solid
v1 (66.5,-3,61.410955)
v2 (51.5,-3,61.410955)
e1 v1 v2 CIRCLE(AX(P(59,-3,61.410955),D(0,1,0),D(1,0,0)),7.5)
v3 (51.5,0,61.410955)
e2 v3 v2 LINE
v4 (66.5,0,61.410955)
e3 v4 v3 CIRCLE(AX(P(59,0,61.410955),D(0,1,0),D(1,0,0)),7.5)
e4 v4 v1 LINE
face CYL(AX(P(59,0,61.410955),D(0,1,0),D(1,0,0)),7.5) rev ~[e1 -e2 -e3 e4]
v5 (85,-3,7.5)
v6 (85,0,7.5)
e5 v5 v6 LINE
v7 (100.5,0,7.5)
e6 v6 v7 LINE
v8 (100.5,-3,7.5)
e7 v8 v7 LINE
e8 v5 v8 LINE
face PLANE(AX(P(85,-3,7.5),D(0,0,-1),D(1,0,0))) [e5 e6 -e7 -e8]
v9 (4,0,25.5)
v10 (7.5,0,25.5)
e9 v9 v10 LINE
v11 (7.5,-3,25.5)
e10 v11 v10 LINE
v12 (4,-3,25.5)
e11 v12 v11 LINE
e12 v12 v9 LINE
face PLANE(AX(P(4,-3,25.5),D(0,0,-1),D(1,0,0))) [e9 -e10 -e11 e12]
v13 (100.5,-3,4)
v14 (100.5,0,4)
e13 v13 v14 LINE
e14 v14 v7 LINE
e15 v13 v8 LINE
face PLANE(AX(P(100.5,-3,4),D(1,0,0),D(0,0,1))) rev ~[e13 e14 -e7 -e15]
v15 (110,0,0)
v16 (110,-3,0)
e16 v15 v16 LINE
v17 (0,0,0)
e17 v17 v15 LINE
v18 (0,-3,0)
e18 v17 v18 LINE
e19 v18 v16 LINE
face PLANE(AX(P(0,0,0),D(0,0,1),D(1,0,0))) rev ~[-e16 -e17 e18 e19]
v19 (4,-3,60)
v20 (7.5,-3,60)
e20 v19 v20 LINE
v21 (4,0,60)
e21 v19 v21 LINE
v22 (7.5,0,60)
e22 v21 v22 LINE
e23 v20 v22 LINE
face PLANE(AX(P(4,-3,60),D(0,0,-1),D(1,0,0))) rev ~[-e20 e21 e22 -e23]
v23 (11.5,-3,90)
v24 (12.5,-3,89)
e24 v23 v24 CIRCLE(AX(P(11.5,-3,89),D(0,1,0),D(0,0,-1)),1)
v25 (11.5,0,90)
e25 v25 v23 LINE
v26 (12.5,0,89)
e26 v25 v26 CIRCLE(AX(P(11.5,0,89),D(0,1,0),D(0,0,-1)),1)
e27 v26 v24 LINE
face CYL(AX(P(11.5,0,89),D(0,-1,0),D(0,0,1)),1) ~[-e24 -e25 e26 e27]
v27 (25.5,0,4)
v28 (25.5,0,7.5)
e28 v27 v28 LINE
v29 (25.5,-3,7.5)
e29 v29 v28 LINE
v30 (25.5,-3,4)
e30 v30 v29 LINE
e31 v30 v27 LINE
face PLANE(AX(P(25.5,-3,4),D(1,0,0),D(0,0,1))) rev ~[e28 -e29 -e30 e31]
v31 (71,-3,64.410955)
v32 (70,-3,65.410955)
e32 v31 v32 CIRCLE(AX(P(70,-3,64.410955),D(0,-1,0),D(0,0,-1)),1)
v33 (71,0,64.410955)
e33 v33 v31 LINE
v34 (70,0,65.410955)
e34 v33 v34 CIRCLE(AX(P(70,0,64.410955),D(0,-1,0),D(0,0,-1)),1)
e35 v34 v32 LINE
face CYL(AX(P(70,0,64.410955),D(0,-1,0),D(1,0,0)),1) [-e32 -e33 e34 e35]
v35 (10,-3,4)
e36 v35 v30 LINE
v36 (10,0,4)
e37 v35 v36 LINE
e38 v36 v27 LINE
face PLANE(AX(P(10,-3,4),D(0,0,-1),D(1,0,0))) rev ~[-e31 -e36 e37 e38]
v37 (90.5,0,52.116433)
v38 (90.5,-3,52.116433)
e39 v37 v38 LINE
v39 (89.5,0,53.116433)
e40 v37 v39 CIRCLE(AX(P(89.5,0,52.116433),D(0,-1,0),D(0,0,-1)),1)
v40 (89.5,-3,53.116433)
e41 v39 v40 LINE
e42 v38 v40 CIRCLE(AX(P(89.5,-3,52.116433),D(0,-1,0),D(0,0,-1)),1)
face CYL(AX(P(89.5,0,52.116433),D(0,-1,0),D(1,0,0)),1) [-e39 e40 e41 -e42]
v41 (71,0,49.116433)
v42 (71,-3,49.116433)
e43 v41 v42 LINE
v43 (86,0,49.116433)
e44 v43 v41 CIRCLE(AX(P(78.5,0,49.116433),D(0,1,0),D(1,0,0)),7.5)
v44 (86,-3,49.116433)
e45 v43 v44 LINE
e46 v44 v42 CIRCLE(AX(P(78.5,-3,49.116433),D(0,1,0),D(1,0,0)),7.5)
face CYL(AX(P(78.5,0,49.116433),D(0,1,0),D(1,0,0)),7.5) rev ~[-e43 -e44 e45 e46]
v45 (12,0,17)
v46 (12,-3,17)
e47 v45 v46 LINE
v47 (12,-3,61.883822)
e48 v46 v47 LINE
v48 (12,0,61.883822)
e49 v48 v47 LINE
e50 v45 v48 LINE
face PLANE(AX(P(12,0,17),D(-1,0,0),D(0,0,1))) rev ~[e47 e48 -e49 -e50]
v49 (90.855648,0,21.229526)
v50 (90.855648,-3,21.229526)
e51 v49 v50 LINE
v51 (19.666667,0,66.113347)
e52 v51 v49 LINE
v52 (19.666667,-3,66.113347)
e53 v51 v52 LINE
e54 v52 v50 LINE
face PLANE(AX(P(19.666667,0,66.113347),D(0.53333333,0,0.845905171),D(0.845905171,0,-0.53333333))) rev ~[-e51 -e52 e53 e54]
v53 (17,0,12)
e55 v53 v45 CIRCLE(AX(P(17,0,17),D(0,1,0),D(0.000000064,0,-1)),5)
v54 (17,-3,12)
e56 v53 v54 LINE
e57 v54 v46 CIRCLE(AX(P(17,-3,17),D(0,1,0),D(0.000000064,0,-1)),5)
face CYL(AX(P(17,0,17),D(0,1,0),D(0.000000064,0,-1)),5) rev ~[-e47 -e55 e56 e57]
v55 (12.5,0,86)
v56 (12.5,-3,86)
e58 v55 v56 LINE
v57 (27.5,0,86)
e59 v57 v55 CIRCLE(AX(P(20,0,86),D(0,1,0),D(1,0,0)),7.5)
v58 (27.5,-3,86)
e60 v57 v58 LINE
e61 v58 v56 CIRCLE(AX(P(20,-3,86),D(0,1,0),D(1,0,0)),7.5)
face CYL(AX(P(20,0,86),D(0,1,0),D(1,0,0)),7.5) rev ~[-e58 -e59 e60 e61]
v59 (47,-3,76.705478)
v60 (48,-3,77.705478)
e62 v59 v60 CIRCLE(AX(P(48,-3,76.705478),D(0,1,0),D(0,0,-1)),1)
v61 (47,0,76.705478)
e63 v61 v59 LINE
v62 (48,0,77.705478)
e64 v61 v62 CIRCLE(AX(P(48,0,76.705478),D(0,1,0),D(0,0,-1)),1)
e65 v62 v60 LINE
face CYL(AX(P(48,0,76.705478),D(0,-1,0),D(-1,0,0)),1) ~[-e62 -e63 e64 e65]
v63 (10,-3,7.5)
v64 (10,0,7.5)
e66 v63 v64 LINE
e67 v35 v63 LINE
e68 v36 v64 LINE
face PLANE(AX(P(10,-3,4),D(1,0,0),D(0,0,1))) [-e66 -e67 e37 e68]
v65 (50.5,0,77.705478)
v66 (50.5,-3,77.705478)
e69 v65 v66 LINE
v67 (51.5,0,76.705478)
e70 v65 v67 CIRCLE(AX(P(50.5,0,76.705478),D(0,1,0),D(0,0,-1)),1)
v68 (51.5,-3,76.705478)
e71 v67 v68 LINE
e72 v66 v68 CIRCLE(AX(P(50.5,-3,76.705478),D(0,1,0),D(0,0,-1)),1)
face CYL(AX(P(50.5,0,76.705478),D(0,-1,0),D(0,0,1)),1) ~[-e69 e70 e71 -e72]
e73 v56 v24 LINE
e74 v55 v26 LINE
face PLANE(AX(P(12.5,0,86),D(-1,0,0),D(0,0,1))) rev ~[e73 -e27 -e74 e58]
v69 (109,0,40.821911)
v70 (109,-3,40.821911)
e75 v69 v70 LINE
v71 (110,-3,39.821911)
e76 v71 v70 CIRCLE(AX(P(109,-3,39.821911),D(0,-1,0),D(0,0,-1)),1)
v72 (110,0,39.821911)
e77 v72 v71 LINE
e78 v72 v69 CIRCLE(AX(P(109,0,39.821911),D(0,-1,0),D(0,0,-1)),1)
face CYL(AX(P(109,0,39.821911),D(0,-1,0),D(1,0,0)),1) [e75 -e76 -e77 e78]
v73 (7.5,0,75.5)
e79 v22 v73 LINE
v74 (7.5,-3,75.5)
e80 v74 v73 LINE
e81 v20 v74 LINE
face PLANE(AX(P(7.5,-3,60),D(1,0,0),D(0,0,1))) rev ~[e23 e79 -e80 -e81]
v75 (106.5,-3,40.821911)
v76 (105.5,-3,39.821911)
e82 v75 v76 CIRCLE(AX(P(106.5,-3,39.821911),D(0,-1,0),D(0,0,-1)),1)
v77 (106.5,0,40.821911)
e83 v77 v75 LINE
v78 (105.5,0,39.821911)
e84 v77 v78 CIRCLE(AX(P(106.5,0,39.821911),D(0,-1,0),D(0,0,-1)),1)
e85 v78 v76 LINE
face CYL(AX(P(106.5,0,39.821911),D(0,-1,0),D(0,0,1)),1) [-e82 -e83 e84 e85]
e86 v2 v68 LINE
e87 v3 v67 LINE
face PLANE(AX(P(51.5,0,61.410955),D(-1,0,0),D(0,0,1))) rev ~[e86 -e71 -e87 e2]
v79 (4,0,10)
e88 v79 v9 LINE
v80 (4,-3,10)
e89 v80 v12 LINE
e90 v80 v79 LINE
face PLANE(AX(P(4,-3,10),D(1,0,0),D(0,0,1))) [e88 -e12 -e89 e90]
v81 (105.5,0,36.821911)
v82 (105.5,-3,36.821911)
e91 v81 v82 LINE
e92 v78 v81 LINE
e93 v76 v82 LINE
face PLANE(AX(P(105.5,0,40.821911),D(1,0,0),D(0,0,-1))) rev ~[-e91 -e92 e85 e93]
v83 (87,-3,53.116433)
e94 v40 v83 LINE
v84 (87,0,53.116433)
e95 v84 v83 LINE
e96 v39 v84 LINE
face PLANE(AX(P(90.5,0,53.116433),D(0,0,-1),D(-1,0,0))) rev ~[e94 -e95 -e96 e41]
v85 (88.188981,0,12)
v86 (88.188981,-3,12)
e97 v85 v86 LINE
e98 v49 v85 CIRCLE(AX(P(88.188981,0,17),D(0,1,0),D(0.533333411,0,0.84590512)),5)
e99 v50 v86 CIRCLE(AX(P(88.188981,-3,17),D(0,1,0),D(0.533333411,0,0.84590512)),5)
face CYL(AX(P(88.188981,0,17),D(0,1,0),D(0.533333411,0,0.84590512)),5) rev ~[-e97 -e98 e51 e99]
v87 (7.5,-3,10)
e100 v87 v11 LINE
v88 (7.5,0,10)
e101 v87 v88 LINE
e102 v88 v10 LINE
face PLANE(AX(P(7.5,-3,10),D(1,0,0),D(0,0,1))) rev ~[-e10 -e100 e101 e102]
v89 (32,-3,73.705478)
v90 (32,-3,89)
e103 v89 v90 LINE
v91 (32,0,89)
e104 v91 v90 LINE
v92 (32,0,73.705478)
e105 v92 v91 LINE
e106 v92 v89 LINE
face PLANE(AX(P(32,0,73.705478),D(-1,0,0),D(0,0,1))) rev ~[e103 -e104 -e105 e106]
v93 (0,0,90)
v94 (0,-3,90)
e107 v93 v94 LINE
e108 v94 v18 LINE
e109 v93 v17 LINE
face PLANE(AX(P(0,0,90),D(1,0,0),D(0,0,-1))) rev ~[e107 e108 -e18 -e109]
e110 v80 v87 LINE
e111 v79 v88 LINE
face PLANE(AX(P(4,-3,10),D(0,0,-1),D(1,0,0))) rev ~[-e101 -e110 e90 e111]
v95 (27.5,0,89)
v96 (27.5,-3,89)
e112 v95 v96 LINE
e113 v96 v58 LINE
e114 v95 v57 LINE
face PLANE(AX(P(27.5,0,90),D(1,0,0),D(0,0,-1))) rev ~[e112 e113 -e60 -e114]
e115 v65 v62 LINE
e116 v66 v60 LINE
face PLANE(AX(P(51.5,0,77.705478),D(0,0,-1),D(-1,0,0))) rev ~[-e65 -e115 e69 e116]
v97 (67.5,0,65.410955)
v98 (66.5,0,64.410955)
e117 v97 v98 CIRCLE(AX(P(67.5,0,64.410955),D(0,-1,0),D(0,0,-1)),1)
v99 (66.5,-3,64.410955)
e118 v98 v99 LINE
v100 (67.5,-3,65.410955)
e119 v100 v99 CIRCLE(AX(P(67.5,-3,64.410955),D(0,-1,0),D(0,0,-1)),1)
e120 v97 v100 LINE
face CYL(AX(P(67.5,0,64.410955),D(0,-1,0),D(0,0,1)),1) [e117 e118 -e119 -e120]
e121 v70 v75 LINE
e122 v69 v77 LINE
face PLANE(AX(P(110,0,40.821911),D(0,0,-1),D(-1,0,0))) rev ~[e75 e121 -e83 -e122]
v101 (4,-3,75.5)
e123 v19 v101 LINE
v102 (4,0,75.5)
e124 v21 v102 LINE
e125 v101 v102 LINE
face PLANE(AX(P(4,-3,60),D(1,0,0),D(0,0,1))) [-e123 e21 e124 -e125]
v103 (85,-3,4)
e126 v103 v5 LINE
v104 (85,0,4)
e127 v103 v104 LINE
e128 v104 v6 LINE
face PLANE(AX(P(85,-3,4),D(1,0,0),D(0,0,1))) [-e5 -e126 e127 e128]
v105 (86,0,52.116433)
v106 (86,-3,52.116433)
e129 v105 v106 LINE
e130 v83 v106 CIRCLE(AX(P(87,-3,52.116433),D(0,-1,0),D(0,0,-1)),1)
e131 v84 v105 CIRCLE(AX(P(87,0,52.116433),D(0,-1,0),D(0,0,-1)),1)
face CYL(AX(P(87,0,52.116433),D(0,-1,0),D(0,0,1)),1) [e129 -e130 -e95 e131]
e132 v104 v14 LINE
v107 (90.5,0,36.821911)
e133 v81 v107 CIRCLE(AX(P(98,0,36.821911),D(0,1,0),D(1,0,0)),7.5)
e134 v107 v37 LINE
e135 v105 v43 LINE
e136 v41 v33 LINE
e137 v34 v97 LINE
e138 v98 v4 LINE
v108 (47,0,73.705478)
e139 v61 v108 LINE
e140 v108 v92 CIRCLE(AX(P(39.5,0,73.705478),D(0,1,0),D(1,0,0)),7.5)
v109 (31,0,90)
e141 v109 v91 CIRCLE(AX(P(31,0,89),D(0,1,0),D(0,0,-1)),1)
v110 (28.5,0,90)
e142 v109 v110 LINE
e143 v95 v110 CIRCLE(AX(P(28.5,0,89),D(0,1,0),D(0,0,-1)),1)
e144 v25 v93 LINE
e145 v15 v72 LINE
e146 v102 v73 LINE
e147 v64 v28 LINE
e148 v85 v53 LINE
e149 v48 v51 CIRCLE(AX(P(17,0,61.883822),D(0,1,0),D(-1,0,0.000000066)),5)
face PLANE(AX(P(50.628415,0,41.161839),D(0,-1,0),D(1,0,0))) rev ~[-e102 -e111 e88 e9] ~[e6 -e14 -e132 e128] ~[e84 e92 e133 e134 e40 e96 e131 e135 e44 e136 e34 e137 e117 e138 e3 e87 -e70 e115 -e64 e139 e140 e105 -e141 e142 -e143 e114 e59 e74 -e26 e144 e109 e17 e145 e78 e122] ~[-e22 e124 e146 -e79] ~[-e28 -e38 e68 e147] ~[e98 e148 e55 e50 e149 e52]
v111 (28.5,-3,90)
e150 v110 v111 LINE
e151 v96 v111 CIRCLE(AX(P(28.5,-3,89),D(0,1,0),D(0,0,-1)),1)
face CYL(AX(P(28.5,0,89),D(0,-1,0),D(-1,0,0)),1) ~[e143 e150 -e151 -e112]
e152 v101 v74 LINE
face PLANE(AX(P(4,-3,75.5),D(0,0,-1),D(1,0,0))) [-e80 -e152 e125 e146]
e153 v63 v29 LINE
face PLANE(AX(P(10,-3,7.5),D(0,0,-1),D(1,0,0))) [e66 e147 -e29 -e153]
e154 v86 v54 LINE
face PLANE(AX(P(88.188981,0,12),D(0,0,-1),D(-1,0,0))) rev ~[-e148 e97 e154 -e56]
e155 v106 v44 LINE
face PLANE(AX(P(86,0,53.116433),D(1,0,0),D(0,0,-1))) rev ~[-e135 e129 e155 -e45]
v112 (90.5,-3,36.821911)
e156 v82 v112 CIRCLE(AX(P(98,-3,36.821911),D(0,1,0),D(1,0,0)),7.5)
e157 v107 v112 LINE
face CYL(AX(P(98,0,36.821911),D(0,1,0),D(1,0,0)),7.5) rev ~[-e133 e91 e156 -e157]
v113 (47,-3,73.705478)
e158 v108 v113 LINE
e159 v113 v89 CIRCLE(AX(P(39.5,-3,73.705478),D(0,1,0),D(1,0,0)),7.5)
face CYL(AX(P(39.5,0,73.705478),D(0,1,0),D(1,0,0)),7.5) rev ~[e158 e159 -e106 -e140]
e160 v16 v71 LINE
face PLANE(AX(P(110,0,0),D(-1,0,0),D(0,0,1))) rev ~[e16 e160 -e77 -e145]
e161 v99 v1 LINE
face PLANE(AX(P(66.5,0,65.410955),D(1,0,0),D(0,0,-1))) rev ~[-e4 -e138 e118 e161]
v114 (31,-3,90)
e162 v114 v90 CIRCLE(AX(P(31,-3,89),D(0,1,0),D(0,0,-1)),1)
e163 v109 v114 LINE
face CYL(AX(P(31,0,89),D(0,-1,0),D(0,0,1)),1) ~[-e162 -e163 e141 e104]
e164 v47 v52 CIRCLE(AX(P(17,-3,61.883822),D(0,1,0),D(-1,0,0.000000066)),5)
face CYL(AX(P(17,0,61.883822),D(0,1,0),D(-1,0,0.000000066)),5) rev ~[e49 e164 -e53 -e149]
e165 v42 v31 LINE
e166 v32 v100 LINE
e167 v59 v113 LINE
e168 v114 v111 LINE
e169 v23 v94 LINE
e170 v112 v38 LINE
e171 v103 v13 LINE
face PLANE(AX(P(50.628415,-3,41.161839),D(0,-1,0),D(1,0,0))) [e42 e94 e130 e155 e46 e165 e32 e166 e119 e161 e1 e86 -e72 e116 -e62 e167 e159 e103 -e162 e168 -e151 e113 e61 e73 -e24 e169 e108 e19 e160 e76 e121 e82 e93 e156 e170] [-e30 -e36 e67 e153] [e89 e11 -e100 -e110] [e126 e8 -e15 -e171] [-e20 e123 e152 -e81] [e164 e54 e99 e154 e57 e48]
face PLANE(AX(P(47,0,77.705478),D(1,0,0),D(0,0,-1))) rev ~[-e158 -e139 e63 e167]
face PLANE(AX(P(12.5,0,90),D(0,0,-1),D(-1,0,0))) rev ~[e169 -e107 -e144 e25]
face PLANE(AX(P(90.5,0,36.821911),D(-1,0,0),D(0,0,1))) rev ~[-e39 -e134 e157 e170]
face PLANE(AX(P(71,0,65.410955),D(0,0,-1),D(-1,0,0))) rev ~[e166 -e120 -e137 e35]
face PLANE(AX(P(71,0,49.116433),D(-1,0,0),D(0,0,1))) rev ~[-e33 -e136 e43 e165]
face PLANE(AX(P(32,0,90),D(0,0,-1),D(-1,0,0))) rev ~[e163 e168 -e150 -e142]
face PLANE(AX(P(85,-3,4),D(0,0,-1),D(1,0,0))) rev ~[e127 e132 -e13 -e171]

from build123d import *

# Parameters (mm, degrees)
F1_DEPTH = 3
F2_R     = 1
F3_W     = 15.5
F3_H     = 3.5
F3_W_2   = 3.5
F3_H_2   = 15.5
F4_DEPTH = 25


with BuildPart() as f1:
    # F0 (on Front) → F1 (new body)
    with BuildSketch(Plane.XZ):
        with BuildLine():
            Line((0, 90), (0, 0))
            Line((0, 0), (110, 0))
            Line((110, 0), (110, 40.821911))
            Line((110, 40.821911), (105.5, 40.821911))
            Line((105.5, 40.821911), (105.5, 36.821911))
            ThreePointArc((105.5, 36.821911), (98, 29.321911), (90.5, 36.821911))
            Line((90.5, 36.821911), (90.5, 53.116433))
            Line((90.5, 53.116433), (86, 53.116433))
            Line((86, 53.116433), (86, 49.116433))
            ThreePointArc((86, 49.116433), (78.5, 41.616433), (71, 49.116433))
            Line((71, 49.116433), (71, 65.410955))
            Line((71, 65.410955), (66.5, 65.410955))
            Line((66.5, 65.410955), (66.5, 61.410955))
            ThreePointArc((66.5, 61.410955), (59, 53.910955), (51.5, 61.410955))
            Line((51.5, 61.410955), (51.5, 77.705478))
            Line((51.5, 77.705478), (47, 77.705478))
            Line((47, 77.705478), (47, 73.705478))
            ThreePointArc((47, 73.705478), (39.5, 66.205478), (32, 73.705478))
            Line((32, 73.705478), (32, 90))
            Line((32, 90), (27.5, 90))
            Line((27.5, 90), (27.5, 86))
            ThreePointArc((27.5, 86), (20, 78.5), (12.5, 86))
            Line((12.5, 86), (12.5, 90))
            Line((12.5, 90), (0, 90))
        make_face()
        with BuildLine():
            ThreePointArc((17, 12), (13.464466, 13.464466), (12, 17))
            Line((12, 17), (12, 61.883822))
            ThreePointArc((12, 61.883822), (14.584771, 66.261797), (19.666667, 66.113347))
            Line((19.666667, 66.113347), (90.855648, 21.229526))
            ThreePointArc((90.855648, 21.229526), (92.992502, 15.612129), (88.188981, 12))
            Line((88.188981, 12), (17, 12))
        make_face(mode=Mode.SUBTRACT)
    extrude(amount=F1_DEPTH)

    # F2
    f2_edges = [f1.edges().sort_by_distance(p)[0] for p in [
        (12.5, -1.5, 90),
        (27.5, -1.5, 90),
        (32, -1.5, 90),
        (47, -1.5, 77.705478),
        (51.5, -1.5, 77.705478),
        (66.5, -1.5, 65.410955),
        (71, -1.5, 65.410955),
        (110, -1.5, 40.821911),
        (105.5, -1.5, 40.821911),
        (90.5, -1.5, 53.116433),
        (86, -1.5, 53.116433),
    ]]
    fillet(f2_edges, radius=F2_R)

    # F3 (on face) → F4 (cut)
    with BuildSketch(Plane.XZ.offset(3)):
        with Locations((17.75, 5.75)):
            Rectangle(F3_W, F3_H)
        with Locations((92.75, 5.75)):
            Rectangle(F3_W, F3_H)
        with Locations((5.75, 17.75)):
            Rectangle(F3_W_2, F3_H_2)
        with Locations((5.75, 67.75)):
            Rectangle(F3_W_2, F3_H_2)
    extrude(amount=-F4_DEPTH, mode=Mode.SUBTRACT)


solid = f1.part
